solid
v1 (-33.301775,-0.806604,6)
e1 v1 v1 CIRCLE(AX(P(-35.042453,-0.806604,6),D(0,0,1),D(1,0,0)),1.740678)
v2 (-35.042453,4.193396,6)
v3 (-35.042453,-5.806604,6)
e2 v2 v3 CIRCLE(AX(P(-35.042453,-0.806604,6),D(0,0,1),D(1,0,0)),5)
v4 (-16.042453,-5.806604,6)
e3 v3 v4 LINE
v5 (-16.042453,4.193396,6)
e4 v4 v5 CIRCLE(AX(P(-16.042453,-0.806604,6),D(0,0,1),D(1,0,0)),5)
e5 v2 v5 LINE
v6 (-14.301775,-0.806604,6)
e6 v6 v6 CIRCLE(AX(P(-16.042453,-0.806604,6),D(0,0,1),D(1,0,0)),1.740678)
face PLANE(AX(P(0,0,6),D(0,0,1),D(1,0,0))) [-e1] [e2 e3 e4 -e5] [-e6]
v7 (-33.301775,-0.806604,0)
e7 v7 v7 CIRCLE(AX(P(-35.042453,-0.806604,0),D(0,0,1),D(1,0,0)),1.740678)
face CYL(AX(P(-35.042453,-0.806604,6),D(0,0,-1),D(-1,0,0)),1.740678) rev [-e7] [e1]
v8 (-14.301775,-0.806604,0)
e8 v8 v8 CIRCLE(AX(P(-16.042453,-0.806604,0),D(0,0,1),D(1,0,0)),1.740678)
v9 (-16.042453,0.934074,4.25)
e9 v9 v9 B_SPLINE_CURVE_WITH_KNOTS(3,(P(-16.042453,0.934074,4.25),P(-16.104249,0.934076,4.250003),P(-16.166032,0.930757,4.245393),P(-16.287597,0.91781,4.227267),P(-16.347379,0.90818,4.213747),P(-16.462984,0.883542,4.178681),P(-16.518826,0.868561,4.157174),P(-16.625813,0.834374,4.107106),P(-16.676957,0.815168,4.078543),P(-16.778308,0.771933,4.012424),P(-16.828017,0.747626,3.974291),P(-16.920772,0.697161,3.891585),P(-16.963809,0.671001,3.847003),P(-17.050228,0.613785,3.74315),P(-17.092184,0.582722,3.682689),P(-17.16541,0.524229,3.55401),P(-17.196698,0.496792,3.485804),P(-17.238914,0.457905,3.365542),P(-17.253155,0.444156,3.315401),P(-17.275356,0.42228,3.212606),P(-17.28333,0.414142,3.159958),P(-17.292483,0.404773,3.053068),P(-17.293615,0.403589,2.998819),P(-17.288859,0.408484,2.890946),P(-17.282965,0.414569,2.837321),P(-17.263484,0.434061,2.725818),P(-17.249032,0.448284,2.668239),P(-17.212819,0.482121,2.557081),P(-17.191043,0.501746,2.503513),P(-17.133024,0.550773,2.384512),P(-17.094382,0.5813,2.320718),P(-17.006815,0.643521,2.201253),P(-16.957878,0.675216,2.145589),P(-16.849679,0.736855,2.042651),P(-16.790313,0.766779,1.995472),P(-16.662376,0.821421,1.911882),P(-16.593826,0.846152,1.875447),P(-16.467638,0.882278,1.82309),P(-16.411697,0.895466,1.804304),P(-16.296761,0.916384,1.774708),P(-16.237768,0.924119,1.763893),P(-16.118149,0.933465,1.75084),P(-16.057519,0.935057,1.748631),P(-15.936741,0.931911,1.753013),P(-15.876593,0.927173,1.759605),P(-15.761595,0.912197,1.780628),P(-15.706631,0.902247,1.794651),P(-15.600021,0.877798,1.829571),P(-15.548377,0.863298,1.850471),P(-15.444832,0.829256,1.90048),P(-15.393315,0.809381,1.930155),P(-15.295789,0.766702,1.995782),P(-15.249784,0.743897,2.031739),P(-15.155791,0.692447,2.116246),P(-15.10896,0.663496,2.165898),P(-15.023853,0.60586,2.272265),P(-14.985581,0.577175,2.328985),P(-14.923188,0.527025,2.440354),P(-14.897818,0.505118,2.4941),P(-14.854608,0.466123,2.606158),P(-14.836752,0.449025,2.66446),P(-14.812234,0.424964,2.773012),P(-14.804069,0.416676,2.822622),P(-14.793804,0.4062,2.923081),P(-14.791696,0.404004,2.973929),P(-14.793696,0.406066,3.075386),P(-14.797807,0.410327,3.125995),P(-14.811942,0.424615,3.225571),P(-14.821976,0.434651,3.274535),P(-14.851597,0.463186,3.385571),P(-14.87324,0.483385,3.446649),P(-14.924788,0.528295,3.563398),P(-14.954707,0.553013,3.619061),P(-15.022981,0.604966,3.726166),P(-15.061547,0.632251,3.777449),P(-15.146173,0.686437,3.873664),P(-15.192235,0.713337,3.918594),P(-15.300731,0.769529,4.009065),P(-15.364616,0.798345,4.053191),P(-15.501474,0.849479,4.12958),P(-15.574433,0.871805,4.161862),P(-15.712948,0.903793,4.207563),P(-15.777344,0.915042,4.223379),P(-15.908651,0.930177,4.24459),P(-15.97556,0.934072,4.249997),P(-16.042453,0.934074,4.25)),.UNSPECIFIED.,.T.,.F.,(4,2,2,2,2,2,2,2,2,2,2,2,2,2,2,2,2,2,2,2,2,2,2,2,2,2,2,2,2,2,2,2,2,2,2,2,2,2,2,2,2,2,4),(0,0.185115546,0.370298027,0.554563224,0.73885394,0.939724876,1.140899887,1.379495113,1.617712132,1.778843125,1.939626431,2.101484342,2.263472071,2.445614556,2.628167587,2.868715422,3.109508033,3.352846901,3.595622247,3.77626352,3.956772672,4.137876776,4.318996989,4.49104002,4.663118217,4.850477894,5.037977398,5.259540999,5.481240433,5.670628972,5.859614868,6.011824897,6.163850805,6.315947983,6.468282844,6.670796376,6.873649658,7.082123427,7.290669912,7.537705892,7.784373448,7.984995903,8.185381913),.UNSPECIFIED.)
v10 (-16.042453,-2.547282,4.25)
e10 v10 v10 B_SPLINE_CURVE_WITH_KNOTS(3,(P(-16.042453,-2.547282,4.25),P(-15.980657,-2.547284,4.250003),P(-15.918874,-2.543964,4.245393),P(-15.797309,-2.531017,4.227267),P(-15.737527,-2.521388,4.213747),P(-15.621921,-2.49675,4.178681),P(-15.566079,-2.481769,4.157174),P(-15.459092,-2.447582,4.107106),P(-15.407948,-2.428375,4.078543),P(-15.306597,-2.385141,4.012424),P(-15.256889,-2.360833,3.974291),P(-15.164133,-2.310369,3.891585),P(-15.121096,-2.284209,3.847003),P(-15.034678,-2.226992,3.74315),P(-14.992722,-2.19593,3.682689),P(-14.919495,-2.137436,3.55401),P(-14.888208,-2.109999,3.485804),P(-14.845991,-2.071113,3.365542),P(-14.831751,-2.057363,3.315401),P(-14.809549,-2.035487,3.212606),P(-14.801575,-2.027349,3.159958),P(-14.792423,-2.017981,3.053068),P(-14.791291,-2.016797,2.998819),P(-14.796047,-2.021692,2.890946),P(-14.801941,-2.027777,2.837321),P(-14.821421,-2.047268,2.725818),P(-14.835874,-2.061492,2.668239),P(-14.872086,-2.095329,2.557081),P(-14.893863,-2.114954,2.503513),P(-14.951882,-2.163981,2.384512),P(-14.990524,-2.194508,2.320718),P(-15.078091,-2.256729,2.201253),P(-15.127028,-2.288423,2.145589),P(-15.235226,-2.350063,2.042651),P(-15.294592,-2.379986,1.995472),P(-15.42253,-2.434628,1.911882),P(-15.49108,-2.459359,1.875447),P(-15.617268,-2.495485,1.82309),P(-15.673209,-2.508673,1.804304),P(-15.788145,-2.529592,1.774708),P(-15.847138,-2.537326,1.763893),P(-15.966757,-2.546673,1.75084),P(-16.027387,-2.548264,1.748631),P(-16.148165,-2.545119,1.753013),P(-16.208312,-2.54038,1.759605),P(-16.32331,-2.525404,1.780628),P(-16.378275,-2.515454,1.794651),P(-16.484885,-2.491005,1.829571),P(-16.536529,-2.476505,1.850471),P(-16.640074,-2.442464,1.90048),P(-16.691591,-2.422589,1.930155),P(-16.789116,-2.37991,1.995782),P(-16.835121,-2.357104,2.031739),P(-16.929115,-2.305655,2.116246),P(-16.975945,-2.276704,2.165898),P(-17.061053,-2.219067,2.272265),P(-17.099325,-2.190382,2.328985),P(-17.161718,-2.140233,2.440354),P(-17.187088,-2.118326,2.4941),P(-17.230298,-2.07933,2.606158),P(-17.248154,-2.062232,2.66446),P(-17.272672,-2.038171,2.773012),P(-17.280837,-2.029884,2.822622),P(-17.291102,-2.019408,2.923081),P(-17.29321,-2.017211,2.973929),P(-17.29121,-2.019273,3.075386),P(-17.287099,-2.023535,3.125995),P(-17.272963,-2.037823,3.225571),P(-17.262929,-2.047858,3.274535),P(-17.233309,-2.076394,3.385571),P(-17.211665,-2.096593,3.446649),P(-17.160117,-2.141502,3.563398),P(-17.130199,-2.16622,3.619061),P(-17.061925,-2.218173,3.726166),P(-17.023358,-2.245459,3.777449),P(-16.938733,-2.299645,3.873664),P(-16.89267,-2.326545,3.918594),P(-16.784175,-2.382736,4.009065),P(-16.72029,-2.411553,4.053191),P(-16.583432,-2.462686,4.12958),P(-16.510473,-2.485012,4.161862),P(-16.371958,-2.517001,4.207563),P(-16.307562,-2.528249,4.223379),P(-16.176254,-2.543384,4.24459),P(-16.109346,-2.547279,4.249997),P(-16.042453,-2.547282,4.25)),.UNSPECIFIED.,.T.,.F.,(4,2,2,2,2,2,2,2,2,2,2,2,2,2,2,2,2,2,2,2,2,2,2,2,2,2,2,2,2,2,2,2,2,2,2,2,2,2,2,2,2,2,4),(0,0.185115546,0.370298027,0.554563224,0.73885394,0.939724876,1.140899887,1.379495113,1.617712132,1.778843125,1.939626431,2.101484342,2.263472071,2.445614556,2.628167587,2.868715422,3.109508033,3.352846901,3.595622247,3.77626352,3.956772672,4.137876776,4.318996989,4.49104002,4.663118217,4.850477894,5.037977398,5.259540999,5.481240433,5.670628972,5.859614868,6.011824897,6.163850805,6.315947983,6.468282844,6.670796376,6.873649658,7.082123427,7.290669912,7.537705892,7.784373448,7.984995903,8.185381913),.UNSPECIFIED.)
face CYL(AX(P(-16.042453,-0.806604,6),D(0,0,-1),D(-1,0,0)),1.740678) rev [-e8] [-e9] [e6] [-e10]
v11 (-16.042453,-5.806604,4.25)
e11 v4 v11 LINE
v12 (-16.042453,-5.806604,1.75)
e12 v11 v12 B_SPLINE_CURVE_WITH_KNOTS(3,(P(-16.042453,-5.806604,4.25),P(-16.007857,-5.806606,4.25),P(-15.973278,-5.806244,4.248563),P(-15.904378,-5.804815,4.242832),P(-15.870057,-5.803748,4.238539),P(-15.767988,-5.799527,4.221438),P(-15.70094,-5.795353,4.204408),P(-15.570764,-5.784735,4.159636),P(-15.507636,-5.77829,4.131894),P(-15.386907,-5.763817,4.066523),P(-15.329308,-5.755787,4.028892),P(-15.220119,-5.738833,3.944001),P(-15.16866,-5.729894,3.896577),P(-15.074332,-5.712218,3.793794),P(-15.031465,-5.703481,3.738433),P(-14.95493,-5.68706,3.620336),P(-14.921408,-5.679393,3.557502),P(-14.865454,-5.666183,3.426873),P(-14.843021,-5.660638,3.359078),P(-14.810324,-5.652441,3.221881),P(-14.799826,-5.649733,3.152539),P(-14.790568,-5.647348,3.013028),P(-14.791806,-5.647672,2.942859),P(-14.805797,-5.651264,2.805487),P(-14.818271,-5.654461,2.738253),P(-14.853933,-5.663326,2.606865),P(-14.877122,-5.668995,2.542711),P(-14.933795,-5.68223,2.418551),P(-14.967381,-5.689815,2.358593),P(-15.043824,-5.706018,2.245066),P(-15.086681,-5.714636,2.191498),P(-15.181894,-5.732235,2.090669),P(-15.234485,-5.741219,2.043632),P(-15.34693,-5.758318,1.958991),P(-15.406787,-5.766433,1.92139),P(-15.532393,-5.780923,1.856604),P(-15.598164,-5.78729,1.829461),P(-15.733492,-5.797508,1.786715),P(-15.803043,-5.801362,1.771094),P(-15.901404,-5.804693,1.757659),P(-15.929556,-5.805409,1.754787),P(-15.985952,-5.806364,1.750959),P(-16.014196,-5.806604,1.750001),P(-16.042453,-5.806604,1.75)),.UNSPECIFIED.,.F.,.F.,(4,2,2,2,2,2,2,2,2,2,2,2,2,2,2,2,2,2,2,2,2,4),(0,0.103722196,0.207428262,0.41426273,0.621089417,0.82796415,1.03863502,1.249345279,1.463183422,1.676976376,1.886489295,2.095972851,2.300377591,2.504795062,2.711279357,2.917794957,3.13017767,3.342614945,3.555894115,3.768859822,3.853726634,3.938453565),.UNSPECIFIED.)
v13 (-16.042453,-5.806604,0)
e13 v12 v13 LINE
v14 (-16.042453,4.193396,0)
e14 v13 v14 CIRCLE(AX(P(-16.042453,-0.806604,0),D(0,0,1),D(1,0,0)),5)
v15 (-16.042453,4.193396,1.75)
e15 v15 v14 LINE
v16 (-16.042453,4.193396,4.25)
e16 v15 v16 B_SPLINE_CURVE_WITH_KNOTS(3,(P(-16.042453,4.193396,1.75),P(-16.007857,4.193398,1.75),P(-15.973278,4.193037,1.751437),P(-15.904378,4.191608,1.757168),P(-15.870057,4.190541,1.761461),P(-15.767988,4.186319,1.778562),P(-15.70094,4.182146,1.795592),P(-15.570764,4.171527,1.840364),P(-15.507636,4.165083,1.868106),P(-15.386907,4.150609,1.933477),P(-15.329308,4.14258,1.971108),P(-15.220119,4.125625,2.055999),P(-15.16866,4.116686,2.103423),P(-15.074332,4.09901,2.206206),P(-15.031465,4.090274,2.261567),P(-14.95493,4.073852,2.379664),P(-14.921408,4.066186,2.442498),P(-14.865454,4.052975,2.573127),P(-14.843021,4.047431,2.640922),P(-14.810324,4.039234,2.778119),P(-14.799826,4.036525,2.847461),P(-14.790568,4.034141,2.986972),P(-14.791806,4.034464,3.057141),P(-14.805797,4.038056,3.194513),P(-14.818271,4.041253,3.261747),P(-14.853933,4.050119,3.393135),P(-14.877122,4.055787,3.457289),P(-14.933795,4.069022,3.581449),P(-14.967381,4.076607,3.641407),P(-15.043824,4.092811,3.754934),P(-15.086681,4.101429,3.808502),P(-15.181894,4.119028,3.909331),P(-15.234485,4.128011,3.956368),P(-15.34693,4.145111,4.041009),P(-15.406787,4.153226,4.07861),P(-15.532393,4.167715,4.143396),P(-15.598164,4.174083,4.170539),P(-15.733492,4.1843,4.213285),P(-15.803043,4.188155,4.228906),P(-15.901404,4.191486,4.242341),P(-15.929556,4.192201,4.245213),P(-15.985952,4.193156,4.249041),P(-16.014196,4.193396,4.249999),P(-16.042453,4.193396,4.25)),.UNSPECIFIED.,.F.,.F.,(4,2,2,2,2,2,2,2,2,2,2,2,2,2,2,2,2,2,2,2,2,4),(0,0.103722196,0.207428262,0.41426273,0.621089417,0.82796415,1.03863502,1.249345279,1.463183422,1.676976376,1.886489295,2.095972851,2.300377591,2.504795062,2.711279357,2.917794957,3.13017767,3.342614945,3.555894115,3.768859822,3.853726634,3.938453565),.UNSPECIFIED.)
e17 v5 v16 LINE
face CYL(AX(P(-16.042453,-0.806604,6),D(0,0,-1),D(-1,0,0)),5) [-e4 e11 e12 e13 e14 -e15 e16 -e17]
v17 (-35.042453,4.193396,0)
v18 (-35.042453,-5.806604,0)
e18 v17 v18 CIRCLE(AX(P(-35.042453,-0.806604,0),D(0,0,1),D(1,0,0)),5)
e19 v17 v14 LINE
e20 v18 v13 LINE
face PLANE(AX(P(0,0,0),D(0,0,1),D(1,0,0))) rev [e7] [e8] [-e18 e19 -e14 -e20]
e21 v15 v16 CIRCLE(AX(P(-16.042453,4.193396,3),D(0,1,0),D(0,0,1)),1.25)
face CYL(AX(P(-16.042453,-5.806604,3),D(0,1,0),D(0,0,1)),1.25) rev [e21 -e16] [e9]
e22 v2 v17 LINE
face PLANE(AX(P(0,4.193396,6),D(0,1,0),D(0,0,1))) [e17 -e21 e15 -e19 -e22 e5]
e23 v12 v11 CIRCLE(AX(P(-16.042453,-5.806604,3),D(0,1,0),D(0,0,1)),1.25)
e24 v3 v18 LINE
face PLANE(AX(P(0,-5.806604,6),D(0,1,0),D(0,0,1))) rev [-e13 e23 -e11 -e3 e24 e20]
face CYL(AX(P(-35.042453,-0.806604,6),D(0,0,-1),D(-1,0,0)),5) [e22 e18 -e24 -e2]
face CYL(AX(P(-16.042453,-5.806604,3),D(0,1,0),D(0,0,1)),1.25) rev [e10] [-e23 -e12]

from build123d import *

# Parameters (mm, degrees)
SKETCH1_R           = 5
SKETCH1_R_2         = 1.740677898
BOSS_EXTRUDE1_DEPTH = 6
SKETCH2_R           = 1.25
CUT_EXTRUDE1_DEPTH  = 11


with BuildPart() as part:
    # Sketch1 → Boss-Extrude1 (new body)
    with BuildSketch(Plane.XY):
        with Locations((-35.04245283, -0.806603774)):
            Circle(SKETCH1_R)
        with Locations((-35.04245283, -0.806603774)):
            Circle(SKETCH1_R_2, mode=Mode.SUBTRACT)
        with BuildLine():
            Line((-16.04245283, 4.193396226), (-35.04245283, 4.193396226))
            ThreePointArc((-35.04245283, 4.193396226), (-31.506918924, 2.728930132), (-30.04245283, -0.806603774))
            ThreePointArc((-30.04245283, -0.806603774), (-31.506918924, -4.34213768), (-35.04245283, -5.806603774))
            Line((-35.04245283, -5.806603774), (-16.04245283, -5.806603774))
            ThreePointArc((-16.04245283, -5.806603774), (-21.04245283, -0.806603774), (-16.04245283, 4.193396226))
        make_face()
        with Locations((-16.04245283, -0.806603774)):
            Circle(SKETCH1_R)
        with Locations((-16.04245283, -0.806603774)):
            Circle(SKETCH1_R_2, mode=Mode.SUBTRACT)
    extrude(amount=BOSS_EXTRUDE1_DEPTH)

    # Sketch2 → Cut-Extrude1 (cut, through all)
    with BuildSketch(Plane(origin=(0, 4.193396226, 0), x_dir=(1, 0, 0), z_dir=(0, 1, 0))):
        with Locations((-16.04245283, -3)):
            Circle(SKETCH2_R)
    extrude(amount=-CUT_EXTRUDE1_DEPTH, mode=Mode.SUBTRACT)


solid = part.part
